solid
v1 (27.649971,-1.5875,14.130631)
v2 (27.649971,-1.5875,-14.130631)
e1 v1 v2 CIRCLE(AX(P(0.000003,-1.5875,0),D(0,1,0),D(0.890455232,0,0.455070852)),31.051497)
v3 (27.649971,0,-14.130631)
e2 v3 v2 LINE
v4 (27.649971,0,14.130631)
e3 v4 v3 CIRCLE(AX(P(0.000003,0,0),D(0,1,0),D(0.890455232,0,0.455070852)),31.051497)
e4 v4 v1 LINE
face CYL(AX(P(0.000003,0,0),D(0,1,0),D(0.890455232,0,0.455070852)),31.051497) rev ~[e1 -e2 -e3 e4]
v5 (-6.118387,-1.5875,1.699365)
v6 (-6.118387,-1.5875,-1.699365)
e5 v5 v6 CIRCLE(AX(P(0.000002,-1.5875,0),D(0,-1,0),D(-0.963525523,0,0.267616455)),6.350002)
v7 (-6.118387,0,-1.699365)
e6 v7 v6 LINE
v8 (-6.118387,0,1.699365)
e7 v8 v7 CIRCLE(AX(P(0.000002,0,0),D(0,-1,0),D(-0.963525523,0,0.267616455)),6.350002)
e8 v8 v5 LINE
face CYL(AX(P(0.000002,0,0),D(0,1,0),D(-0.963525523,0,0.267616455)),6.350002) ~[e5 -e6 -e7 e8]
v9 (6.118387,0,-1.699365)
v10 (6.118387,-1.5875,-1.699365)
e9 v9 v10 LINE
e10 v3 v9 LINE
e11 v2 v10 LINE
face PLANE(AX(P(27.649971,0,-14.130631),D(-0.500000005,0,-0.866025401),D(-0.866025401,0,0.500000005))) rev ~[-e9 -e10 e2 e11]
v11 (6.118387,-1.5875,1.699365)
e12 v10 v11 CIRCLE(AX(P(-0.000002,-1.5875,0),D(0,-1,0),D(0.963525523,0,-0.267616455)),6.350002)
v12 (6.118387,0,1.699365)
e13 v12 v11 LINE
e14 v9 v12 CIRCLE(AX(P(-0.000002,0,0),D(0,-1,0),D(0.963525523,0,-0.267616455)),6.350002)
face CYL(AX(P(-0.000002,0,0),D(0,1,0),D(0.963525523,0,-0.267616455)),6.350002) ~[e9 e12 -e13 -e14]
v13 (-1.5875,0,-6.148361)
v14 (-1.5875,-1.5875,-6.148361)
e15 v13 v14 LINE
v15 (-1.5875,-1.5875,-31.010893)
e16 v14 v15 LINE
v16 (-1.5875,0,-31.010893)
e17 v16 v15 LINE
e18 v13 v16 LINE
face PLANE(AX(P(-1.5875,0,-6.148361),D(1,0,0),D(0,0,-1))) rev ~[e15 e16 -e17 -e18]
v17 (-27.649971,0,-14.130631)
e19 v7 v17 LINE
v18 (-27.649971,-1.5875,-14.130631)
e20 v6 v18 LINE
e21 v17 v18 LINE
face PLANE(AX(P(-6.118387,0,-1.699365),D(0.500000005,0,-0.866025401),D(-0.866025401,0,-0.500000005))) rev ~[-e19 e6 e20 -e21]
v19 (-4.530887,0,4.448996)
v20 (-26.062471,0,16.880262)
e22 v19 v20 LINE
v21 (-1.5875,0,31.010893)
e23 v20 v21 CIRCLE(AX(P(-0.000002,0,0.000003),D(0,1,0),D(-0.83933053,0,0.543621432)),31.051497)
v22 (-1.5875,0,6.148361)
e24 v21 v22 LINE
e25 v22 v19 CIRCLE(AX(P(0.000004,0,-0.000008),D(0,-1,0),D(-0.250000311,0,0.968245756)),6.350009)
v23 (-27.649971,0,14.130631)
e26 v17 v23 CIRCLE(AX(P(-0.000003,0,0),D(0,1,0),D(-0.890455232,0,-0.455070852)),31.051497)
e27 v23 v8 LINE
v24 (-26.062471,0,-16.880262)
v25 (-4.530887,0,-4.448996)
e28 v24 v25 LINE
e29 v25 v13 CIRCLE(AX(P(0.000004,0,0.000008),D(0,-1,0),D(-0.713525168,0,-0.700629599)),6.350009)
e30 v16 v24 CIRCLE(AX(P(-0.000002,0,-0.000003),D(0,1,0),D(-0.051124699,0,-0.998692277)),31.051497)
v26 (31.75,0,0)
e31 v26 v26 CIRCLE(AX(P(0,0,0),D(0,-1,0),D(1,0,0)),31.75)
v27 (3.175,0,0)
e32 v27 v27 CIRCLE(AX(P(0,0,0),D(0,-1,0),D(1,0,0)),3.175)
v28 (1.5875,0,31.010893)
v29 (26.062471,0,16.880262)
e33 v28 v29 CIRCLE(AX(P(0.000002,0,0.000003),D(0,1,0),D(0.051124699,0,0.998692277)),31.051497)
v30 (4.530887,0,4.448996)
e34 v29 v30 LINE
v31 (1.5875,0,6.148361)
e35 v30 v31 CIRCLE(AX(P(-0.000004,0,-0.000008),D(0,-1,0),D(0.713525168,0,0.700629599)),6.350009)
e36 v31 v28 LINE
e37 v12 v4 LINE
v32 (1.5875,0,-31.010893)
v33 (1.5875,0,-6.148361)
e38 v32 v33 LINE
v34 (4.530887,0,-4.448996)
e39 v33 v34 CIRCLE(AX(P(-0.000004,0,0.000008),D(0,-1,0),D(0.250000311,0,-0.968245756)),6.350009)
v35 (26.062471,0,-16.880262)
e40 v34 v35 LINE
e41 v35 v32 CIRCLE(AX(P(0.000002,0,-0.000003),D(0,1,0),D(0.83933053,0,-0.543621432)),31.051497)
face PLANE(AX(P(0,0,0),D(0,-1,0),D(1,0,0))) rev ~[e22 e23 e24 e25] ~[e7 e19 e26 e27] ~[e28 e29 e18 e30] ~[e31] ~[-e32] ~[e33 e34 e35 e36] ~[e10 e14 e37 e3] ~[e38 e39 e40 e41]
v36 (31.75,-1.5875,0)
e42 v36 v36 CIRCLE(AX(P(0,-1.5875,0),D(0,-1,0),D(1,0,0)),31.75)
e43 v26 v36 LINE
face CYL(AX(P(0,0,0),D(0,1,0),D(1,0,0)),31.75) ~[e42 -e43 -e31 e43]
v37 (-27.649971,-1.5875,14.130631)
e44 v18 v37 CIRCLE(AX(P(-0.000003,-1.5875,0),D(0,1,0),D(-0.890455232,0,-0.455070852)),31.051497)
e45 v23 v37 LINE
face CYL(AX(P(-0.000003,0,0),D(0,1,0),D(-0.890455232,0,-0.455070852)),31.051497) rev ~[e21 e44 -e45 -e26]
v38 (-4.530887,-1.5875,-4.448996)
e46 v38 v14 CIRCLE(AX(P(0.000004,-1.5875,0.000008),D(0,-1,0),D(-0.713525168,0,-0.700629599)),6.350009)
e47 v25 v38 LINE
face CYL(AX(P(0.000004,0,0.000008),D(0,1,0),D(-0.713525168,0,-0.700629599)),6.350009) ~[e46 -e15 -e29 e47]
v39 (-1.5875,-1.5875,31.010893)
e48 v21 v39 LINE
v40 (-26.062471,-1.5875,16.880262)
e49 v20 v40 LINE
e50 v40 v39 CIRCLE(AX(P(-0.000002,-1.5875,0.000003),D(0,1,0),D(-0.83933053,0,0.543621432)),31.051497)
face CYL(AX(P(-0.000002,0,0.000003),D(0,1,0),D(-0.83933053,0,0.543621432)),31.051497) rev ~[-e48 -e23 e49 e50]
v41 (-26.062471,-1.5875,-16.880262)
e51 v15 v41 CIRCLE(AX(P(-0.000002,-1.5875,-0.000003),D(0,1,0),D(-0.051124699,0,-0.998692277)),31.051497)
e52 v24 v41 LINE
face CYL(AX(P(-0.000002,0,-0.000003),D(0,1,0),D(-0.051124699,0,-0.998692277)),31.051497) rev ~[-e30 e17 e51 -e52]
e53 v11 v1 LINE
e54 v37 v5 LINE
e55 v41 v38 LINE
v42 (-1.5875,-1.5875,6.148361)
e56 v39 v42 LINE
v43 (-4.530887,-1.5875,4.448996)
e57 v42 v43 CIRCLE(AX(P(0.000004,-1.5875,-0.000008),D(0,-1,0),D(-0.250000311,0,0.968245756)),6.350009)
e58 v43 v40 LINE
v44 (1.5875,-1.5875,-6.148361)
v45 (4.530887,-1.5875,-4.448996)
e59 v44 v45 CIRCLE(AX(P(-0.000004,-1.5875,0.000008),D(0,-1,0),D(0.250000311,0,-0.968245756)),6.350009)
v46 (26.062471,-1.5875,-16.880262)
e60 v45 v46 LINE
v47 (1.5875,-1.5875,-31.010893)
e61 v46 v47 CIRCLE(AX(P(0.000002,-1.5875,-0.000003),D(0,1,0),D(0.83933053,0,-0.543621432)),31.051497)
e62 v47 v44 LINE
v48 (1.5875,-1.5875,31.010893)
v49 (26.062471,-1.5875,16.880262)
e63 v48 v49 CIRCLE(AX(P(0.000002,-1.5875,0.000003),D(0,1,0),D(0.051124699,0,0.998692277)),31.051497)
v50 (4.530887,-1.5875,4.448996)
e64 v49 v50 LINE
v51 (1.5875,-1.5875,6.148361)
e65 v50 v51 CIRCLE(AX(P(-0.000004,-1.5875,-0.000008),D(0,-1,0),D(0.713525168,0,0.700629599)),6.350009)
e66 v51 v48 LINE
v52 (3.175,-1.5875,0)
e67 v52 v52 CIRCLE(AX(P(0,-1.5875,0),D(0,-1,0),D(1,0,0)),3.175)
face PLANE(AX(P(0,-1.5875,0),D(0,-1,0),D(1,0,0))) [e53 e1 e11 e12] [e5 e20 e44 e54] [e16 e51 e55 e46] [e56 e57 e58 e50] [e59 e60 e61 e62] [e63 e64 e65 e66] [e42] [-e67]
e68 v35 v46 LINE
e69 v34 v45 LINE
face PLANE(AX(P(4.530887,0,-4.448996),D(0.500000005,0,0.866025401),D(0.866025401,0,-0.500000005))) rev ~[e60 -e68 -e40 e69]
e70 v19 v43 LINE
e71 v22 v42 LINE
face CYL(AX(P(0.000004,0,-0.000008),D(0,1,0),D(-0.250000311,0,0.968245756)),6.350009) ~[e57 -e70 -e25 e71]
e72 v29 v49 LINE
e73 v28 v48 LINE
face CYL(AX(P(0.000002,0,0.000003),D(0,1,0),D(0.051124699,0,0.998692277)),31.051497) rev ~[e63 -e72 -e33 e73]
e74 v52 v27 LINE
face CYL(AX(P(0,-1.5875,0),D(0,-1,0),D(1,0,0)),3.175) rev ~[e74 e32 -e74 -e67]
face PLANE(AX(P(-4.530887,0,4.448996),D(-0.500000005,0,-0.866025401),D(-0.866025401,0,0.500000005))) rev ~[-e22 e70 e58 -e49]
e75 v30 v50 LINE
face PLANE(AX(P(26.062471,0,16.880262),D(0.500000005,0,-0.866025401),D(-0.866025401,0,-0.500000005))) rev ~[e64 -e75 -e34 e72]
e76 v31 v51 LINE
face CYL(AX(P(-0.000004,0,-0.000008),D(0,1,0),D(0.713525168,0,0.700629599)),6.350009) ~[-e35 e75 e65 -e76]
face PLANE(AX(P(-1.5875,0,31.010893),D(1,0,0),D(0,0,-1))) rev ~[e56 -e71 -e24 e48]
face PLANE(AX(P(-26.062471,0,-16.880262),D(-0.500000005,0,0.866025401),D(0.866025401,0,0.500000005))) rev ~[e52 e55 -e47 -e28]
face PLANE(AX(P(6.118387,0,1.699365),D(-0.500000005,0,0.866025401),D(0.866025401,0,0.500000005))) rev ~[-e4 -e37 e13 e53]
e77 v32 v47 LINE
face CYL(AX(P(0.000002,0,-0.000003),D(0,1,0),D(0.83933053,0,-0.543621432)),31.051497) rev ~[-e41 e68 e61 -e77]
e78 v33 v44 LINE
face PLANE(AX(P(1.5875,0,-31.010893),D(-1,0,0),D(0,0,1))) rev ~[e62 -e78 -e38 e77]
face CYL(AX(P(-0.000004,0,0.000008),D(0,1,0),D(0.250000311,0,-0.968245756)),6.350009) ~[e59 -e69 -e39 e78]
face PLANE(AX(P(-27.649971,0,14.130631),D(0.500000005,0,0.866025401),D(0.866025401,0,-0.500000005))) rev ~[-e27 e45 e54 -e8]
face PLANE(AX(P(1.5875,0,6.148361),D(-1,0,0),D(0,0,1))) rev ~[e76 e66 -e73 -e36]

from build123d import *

# Parameters (mm, degrees)
F0_R     = 31.75
F1_DEPTH = 1.5875
F2_R     = 3.175
F3_DEPTH = 25.4


with BuildPart() as f1:
    # F0 (on Front) → F1 (new body)
    with BuildSketch(Plane.XZ):
        Circle(F0_R)
        with BuildLine():
            Line((-26.062471, -16.880262), (-4.530887, -4.448996))
            ThreePointArc((-4.530887, -4.448996), (-3.175, -5.499261), (-1.5875, -6.148361))
            Line((-1.5875, -6.148361), (-1.5875, -31.010893))
            ThreePointArc((-1.5875, -31.010893), (-15.52575, -26.891388), (-26.062471, -16.880262))
        make_face(mode=Mode.SUBTRACT)
        with BuildLine():
            ThreePointArc((1.5875, -6.148361), (3.175, -5.499261), (4.530887, -4.448996))
            Line((4.530887, -4.448996), (26.062471, -16.880262))
            ThreePointArc((26.062471, -16.880262), (15.52575, -26.891388), (1.5875, -31.010893))
            Line((1.5875, -31.010893), (1.5875, -6.148361))
        make_face(mode=Mode.SUBTRACT)
        with BuildLine():
            ThreePointArc((6.118387, -1.699365), (6.35, 0), (6.118387, 1.699365))
            Line((6.118387, 1.699365), (27.649971, 14.130631))
            ThreePointArc((27.649971, 14.130631), (31.0515, 0), (27.649971, -14.130631))
            Line((27.649971, -14.130631), (6.118387, -1.699365))
        make_face(mode=Mode.SUBTRACT)
        with BuildLine():
            ThreePointArc((-6.118387, 1.699365), (-6.35, 0), (-6.118387, -1.699365))
            Line((-6.118387, -1.699365), (-27.649971, -14.130631))
            ThreePointArc((-27.649971, -14.130631), (-31.0515, 0), (-27.649971, 14.130631))
            Line((-27.649971, 14.130631), (-6.118387, 1.699365))
        make_face(mode=Mode.SUBTRACT)
        with BuildLine():
            ThreePointArc((-26.062471, 16.880262), (-15.52575, 26.891388), (-1.5875, 31.010893))
            Line((-1.5875, 31.010893), (-1.5875, 6.148361))
            ThreePointArc((-1.5875, 6.148361), (-3.175, 5.499261), (-4.530887, 4.448996))
            Line((-4.530887, 4.448996), (-26.062471, 16.880262))
        make_face(mode=Mode.SUBTRACT)
        with BuildLine():
            ThreePointArc((4.530887, 4.448996), (3.175, 5.499261), (1.5875, 6.148361))
            Line((1.5875, 6.148361), (1.5875, 31.010893))
            ThreePointArc((1.5875, 31.010893), (15.52575, 26.891388), (26.062471, 16.880262))
            Line((26.062471, 16.880262), (4.530887, 4.448996))
        make_face(mode=Mode.SUBTRACT)
    extrude(amount=F1_DEPTH)

    # F2 (on face) → F3 (cut)
    with BuildSketch(Plane.XZ.offset(1.5875)):
        Circle(F2_R)
    extrude(amount=-F3_DEPTH, mode=Mode.SUBTRACT)


solid = f1.part
